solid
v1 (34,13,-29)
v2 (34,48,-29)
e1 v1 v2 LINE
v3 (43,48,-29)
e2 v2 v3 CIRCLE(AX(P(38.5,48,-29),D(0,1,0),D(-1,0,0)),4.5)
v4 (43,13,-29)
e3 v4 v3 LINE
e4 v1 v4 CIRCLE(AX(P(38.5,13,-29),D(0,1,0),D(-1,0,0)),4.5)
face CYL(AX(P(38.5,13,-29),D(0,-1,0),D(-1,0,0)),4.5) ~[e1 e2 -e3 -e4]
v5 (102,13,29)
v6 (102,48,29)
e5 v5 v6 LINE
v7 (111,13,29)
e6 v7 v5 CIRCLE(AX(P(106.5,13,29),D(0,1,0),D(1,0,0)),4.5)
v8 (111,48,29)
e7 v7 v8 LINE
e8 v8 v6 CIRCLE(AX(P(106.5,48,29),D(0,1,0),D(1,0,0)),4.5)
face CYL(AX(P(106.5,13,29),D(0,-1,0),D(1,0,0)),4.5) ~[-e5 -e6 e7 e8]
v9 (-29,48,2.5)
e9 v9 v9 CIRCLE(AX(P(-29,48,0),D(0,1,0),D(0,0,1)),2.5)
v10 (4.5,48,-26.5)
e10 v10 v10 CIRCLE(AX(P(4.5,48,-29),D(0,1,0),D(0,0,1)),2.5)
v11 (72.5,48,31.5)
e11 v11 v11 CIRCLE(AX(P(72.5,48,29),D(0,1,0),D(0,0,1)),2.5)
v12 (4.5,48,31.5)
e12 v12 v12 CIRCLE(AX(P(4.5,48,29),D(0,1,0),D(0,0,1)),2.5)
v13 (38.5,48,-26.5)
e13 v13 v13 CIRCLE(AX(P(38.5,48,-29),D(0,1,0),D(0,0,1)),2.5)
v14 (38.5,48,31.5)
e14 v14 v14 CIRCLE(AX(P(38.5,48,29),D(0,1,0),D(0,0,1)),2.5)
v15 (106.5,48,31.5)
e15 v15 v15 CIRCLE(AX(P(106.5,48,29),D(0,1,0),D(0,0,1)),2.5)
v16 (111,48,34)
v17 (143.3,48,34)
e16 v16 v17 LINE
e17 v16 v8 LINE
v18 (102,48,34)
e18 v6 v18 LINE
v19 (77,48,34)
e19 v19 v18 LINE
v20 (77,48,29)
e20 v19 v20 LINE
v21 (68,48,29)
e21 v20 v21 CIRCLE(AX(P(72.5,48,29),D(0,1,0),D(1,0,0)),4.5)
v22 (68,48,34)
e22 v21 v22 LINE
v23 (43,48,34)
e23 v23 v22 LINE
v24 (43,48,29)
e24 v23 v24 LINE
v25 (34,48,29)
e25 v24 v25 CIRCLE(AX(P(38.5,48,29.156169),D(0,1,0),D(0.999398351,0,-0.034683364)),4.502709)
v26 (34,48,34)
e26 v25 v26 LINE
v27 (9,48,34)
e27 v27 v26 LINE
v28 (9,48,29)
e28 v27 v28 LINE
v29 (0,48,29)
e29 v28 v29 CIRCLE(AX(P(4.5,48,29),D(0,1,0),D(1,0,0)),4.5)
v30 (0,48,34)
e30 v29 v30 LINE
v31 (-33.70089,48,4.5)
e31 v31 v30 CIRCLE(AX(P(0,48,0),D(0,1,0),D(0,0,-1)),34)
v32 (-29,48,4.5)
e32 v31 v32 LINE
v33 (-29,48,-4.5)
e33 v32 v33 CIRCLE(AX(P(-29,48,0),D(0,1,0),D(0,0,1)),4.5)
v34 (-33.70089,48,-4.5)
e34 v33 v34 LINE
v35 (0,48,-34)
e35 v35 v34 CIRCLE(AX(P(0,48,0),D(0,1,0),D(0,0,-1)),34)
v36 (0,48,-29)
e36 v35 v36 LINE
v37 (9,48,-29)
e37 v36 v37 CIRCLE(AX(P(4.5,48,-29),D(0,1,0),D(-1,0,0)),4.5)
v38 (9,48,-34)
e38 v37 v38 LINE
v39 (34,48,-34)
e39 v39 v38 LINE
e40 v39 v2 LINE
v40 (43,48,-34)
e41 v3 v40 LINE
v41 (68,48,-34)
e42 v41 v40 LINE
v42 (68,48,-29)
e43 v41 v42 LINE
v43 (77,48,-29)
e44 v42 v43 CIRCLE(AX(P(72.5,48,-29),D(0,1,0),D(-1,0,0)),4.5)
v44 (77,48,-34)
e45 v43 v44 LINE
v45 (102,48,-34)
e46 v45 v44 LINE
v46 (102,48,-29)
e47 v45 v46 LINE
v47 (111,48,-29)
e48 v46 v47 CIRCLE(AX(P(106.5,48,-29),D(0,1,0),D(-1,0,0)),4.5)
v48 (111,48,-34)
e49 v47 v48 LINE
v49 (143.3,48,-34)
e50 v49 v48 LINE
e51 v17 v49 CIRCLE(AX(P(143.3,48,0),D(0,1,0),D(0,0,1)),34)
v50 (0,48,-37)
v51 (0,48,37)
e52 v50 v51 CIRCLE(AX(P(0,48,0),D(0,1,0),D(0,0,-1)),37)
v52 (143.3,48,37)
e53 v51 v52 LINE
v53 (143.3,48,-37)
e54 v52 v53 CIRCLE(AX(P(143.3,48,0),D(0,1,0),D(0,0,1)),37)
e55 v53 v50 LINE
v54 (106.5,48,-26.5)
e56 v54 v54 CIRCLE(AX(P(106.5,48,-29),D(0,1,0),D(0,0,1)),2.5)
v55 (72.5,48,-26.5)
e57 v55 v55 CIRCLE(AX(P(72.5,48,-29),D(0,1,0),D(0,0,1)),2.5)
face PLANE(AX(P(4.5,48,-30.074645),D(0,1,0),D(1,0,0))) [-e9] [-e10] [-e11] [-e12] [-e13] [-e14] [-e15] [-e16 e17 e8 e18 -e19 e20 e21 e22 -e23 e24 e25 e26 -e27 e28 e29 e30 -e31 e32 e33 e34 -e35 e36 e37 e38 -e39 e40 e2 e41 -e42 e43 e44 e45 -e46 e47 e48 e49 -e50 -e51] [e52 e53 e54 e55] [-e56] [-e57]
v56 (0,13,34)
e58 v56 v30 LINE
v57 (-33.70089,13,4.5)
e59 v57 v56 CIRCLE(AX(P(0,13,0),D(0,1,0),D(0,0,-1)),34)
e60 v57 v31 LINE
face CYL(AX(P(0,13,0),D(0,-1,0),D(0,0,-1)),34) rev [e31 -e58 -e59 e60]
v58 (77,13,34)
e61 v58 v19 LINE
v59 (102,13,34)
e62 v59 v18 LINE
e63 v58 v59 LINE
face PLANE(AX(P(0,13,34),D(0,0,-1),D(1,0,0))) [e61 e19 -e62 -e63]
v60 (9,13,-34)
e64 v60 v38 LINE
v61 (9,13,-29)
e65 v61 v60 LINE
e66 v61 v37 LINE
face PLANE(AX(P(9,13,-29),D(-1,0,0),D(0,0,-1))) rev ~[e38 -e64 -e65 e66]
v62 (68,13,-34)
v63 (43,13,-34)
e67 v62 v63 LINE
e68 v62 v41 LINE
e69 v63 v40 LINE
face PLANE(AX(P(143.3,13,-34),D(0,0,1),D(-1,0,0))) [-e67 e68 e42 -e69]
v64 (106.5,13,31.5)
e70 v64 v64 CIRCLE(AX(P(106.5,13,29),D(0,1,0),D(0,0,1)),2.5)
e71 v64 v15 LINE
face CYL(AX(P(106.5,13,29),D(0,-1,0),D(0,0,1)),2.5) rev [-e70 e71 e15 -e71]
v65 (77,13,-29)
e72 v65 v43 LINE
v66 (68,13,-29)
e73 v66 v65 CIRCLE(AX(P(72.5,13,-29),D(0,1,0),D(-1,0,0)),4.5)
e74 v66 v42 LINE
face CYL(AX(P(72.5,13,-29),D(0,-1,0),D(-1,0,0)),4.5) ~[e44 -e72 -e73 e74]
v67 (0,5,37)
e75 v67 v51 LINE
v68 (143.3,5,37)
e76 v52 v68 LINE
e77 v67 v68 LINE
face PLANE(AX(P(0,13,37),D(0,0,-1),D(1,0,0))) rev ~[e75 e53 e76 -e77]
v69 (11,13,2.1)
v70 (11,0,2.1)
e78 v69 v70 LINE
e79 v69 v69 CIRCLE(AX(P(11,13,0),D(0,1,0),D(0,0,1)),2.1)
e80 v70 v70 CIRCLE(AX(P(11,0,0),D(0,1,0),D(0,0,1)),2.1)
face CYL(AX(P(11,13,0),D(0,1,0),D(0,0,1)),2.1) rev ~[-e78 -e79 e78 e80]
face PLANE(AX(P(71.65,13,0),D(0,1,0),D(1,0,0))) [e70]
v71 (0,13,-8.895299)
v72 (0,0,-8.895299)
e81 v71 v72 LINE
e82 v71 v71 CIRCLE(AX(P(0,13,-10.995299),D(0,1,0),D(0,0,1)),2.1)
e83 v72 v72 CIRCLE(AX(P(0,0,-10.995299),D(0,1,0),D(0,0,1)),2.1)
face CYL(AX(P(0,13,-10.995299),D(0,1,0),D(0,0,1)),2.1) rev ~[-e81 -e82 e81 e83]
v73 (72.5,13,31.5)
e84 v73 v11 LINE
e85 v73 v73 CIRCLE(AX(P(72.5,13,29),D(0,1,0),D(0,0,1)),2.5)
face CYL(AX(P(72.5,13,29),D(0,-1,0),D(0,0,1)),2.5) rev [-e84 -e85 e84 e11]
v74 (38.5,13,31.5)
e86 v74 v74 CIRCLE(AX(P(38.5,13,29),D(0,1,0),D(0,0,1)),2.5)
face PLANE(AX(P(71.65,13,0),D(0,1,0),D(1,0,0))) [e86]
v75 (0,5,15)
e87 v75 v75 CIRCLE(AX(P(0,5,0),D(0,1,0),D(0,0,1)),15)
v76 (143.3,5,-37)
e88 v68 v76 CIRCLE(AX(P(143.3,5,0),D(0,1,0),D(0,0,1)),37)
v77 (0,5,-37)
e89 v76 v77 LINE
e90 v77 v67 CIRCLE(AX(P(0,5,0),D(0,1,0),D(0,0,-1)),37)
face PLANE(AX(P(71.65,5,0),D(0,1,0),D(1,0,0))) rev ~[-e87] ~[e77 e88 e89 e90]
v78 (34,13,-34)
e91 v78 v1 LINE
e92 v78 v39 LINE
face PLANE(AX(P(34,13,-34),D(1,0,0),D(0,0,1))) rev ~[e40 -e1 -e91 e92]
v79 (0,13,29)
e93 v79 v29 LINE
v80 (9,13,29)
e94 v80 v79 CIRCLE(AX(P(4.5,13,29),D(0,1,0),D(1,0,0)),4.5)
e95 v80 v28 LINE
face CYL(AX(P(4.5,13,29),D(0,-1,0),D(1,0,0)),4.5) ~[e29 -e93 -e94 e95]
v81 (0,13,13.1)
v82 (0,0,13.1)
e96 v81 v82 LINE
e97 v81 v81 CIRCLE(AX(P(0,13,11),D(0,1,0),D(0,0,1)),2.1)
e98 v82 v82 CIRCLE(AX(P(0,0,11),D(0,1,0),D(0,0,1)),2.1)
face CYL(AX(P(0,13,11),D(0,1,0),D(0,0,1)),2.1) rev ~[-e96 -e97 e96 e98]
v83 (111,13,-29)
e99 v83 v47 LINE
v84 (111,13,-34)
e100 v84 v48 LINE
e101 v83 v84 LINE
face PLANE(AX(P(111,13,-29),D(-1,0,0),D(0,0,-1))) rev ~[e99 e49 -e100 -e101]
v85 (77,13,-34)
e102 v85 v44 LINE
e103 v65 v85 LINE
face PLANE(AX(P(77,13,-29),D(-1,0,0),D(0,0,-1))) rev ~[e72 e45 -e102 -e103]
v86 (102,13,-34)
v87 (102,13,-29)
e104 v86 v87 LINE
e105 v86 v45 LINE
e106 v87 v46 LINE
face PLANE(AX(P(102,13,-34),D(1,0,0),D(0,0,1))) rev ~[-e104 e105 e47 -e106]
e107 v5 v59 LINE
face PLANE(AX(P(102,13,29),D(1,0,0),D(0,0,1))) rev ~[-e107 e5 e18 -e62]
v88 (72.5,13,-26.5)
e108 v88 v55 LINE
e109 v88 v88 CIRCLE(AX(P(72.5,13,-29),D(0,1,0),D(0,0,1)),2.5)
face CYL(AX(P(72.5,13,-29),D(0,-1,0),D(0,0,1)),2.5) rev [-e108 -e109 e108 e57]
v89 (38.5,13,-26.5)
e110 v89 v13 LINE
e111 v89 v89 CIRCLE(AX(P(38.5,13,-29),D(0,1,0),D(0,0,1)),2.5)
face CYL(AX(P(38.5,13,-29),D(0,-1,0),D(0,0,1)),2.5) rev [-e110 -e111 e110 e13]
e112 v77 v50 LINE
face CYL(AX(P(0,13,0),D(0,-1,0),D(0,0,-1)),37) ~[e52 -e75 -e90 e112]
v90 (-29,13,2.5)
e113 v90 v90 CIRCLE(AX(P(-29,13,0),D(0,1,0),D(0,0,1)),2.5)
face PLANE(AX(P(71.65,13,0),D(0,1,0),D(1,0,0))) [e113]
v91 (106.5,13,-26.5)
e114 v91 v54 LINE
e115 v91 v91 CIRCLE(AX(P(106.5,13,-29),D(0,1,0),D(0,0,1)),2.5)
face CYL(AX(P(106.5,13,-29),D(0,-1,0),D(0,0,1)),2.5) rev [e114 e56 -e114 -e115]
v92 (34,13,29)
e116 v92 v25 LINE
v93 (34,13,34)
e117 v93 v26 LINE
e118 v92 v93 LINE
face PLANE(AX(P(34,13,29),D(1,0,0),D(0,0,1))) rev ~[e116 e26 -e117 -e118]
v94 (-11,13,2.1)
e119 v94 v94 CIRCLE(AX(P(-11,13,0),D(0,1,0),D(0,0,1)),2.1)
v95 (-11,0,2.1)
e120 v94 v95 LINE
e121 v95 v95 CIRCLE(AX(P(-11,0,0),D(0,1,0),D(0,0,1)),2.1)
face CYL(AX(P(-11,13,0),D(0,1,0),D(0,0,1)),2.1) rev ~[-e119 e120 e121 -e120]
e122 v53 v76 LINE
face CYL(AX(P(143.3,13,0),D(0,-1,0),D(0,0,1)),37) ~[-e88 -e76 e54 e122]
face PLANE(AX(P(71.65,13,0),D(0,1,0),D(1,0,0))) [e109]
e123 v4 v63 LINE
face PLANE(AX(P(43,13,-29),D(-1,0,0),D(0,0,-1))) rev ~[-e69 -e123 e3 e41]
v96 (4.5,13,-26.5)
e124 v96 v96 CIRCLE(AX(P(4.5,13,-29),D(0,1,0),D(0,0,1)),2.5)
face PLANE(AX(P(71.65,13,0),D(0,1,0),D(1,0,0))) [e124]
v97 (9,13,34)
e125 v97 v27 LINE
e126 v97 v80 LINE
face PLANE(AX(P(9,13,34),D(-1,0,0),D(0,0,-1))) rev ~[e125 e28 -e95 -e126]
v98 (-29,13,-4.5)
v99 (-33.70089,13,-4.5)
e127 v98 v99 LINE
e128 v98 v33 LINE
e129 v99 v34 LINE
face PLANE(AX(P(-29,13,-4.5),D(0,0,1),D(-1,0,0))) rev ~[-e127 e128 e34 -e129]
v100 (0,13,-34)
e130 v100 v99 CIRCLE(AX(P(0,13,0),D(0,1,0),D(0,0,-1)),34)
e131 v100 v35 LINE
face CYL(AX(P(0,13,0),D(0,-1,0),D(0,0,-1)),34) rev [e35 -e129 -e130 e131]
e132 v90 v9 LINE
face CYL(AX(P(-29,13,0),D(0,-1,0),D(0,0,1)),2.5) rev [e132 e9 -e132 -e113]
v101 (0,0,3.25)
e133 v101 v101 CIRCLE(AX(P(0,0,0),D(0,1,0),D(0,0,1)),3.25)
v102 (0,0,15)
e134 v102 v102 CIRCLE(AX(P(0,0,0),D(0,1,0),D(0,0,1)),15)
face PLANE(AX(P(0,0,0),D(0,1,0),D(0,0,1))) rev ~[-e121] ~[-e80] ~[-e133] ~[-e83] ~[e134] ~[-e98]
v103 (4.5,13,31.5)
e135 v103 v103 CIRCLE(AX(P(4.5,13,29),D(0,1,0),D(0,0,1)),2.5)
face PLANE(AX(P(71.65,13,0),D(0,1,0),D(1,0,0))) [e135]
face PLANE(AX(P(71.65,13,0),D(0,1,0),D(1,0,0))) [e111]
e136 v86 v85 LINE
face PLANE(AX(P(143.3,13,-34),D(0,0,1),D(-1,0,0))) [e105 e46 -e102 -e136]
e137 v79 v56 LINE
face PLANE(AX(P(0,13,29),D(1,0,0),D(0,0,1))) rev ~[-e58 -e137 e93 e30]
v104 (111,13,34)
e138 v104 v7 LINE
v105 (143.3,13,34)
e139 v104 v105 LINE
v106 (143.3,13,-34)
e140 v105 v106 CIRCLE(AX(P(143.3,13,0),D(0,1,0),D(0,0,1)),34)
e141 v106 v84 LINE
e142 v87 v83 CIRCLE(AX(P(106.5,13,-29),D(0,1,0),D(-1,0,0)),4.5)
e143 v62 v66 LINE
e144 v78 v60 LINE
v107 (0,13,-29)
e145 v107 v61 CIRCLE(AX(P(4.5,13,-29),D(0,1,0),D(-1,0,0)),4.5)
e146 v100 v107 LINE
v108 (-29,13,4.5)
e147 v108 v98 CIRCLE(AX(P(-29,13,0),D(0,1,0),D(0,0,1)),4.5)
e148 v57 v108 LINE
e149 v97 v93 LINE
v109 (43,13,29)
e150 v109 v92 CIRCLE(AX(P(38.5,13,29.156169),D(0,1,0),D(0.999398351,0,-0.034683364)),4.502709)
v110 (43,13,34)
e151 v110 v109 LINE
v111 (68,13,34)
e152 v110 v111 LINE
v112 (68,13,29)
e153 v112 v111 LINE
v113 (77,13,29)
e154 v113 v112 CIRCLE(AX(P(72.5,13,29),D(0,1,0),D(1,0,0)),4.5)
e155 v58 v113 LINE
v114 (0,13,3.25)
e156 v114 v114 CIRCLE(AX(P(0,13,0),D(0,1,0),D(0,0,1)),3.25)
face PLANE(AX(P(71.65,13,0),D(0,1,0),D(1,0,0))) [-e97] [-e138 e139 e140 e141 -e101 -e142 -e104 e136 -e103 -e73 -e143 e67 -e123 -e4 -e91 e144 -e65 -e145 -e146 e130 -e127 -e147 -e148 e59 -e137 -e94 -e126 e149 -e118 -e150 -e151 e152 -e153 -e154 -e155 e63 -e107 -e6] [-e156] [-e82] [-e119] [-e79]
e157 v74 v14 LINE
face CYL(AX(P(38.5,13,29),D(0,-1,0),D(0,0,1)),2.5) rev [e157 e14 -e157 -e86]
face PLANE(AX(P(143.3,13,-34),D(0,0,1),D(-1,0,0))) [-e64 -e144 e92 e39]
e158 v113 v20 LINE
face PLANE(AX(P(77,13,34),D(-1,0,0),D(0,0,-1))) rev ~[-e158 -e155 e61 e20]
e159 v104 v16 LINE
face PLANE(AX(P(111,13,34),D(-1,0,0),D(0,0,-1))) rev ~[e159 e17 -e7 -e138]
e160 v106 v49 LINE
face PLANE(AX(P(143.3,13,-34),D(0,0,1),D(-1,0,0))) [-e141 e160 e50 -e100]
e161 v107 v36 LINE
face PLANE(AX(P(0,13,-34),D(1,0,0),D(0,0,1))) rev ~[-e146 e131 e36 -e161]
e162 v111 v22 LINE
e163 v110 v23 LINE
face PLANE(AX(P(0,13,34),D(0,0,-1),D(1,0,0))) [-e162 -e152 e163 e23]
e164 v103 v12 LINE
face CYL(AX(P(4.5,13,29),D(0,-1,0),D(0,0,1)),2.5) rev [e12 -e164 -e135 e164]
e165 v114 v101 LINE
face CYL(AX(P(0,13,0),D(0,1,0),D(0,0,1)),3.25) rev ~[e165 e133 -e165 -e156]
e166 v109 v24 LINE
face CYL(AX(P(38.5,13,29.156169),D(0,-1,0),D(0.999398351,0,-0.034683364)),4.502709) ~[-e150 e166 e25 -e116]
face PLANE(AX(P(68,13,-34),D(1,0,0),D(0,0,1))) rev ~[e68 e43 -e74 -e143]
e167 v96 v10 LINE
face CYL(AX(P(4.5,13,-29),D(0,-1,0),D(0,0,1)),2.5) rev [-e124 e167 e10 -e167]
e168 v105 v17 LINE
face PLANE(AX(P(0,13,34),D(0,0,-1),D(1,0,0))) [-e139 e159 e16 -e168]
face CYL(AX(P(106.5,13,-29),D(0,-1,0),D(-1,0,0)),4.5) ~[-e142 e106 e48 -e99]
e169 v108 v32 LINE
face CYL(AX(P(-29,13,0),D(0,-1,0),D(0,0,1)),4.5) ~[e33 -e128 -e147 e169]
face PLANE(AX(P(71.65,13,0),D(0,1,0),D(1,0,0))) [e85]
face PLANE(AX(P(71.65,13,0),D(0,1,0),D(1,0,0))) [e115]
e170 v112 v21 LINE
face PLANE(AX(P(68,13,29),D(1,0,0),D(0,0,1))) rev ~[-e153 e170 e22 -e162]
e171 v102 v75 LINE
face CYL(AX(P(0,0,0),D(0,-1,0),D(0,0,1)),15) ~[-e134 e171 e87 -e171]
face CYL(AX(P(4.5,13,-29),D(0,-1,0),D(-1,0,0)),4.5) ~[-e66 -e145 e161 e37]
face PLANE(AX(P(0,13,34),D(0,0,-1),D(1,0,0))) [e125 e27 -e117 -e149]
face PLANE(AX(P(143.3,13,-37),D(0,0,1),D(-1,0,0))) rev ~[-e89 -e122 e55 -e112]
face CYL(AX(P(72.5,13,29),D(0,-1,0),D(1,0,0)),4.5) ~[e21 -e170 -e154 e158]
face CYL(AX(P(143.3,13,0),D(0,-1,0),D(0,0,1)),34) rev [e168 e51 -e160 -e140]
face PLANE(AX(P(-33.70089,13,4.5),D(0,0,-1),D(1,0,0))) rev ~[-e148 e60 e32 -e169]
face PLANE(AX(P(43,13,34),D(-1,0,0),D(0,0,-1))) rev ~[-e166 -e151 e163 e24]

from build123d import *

# Parameters (mm, degrees)
SKETCH1_R           = 15
BOSS_EXTRUDE1_DEPTH = 5
BOSS_EXTRUDE2_DEPTH = 8
BOSS_EXTRUDE3_DEPTH = 35
SKETCH4_R           = 2.1
SKETCH4_R_2         = 3.25
CUT_EXTRUDE1_DEPTH  = 35
SKETCH5_R           = 2.5
BOSS_EXTRUDE4_DEPTH = 35


with BuildPart() as part:
    # Sketch1 → Boss-Extrude1 (new body)
    with BuildSketch(Plane(origin=(0, 0, 0), x_dir=(1, 0, 0), z_dir=(0, 1, 0))):
        with Locations(Location((0, 0, 0), (0, 0, 270))):
            Circle(SKETCH1_R)
    extrude(amount=BOSS_EXTRUDE1_DEPTH)

    # Sketch2 → Boss-Extrude2 (add)
    with BuildSketch(Plane(origin=(0, 5, 0), x_dir=(1, 0, 0), z_dir=(0, 1, 0))):
        with BuildLine():
            Line((0, -37), (143.3, -37))
            ThreePointArc((143.3, -37), (180.3, 0), (143.3, 37))
            Line((143.3, 37), (0, 37))
            ThreePointArc((0, 37), (-37, 0), (0, -37))
        make_face()
    extrude(amount=BOSS_EXTRUDE2_DEPTH)

    # Sketch3 → Boss-Extrude3 (add)
    with BuildSketch(Plane(origin=(0, 13, 0), x_dir=(1, 0, 0), z_dir=(0, 1, 0))):
        with BuildLine():
            Line((143.3, 37), (0, 37))
            ThreePointArc((0, 37), (-37, 0), (0, -37))
            Line((0, -37), (143.3, -37))
            ThreePointArc((143.3, -37), (180.3, 0), (143.3, 37))
        make_face()
        with BuildLine():
            ThreePointArc((0, 34), (-34, 0), (0, -34))
            Line((0, -34), (143.3, -34))
            ThreePointArc((143.3, -34), (177.3, 0), (143.3, 34))
            Line((143.3, 34), (0, 34))
        make_face(mode=Mode.SUBTRACT)
    extrude(amount=BOSS_EXTRUDE3_DEPTH)

    # Sketch4 → Cut-Extrude1 (cut)
    with BuildSketch(Plane(origin=(0, 13, 0), x_dir=(1, 0, 0), z_dir=(0, 1, 0))):
        with Locations(Location((-11, 0, 0), (0, 0, 270))):
            Circle(SKETCH4_R)
        with Locations(Location((0, 0, 0), (0, 0, 270))):
            Circle(SKETCH4_R_2)
        with Locations(Location((0, 10.995299238, 0), (0, 0, 270))):
            Circle(SKETCH4_R)
        with Locations(Location((11, 0, 0), (0, 0, 270))):
            Circle(SKETCH4_R)
        with Locations(Location((0, -11, 0), (0, 0, 270))):
            Circle(SKETCH4_R)
    extrude(amount=-CUT_EXTRUDE1_DEPTH, mode=Mode.SUBTRACT)

    # Sketch5 → Boss-Extrude4 (add)
    # profile 1 of 9: a face of its own
    with BuildSketch(Plane(origin=(0, 13, 0), x_dir=(1, 0, 0), z_dir=(0, 1, 0))):
        with BuildLine():
            Line((-29, 4.5), (-33.700890196, 4.5))
            ThreePointArc((-33.700890196, 4.5), (-34, 0), (-33.700890196, -4.5))
            Line((-33.700890196, -4.5), (-29, -4.5))
            ThreePointArc((-29, -4.5), (-24.5, 0), (-29, 4.5))
        make_face()
        with Locations(Location((-29, 0, 0), (0, 0, 270))):
            Circle(SKETCH5_R, mode=Mode.SUBTRACT)
    # profile 2 of 9: a face of its own
    with BuildSketch(Plane(origin=(0, 13, 0), x_dir=(1, 0, 0), z_dir=(0, 1, 0))):
        with BuildLine():
            Line((9, 34), (0, 34))
            Line((0, 34), (0, 29))
            ThreePointArc((0, 29), (4.5, 24.5), (9, 29))
            Line((9, 29), (9, 34))
        make_face()
        with Locations(Location((4.5, 29, 0), (0, 0, 270))):
            Circle(SKETCH5_R, mode=Mode.SUBTRACT)
    # profile 3 of 9: a face of its own
    with BuildSketch(Plane(origin=(0, 13, 0), x_dir=(1, 0, 0), z_dir=(0, 1, 0))):
        with BuildLine():
            Line((43, 34), (34, 34))
            Line((34, 34), (34, 29))
            ThreePointArc((34, 29), (38.5, 24.5), (43, 29))
            Line((43, 29), (43, 34))
        make_face()
        with Locations(Location((38.5, 29, 0), (0, 0, 270))):
            Circle(SKETCH5_R, mode=Mode.SUBTRACT)
    # profile 4 of 9: a face of its own
    with BuildSketch(Plane(origin=(0, 13, 0), x_dir=(1, 0, 0), z_dir=(0, 1, 0))):
        with BuildLine():
            Line((77, 34), (68, 34))
            Line((68, 34), (68, 29))
            ThreePointArc((68, 29), (72.5, 24.5), (77, 29))
            Line((77, 29), (77, 34))
        make_face()
        with Locations(Location((72.5, 29, 0), (0, 0, 270))):
            Circle(SKETCH5_R, mode=Mode.SUBTRACT)
    # profile 5 of 9: a face of its own
    with BuildSketch(Plane(origin=(0, 13, 0), x_dir=(1, 0, 0), z_dir=(0, 1, 0))):
        with BuildLine():
            Line((68, -29), (68, -34))
            Line((68, -34), (77, -34))
            Line((77, -34), (77, -29))
            ThreePointArc((77, -29), (72.5, -24.5), (68, -29))
        make_face()
        with Locations(Location((72.5, -29, 0), (0, 0, 270))):
            Circle(SKETCH5_R, mode=Mode.SUBTRACT)
    # profile 6 of 9: a face of its own
    with BuildSketch(Plane(origin=(0, 13, 0), x_dir=(1, 0, 0), z_dir=(0, 1, 0))):
        with BuildLine():
            Line((34, -29), (34, -34))
            Line((34, -34), (43, -34))
            Line((43, -34), (43, -29))
            ThreePointArc((43, -29), (38.5, -24.653460046), (34, -29))
        make_face()
        with Locations(Location((38.5, -29, 0), (0, 0, 270))):
            Circle(SKETCH5_R, mode=Mode.SUBTRACT)
    # profile 7 of 9: a face of its own
    with BuildSketch(Plane(origin=(0, 13, 0), x_dir=(1, 0, 0), z_dir=(0, 1, 0))):
        with BuildLine():
            Line((0, -29), (0, -34))
            Line((0, -34), (9, -34))
            Line((9, -34), (9, -29))
            ThreePointArc((9, -29), (4.5, -24.5), (0, -29))
        make_face()
        with Locations(Location((4.5, -29, 0), (0, 0, 270))):
            Circle(SKETCH5_R, mode=Mode.SUBTRACT)
    # profile 8 of 9: a face of its own
    with BuildSketch(Plane(origin=(0, 13, 0), x_dir=(1, 0, 0), z_dir=(0, 1, 0))):
        with BuildLine():
            Line((111, 34), (102, 34))
            Line((102, 34), (102, 29))
            ThreePointArc((102, 29), (106.5, 24.5), (111, 29))
            Line((111, 29), (111, 34))
        make_face()
        with Locations(Location((106.5, 29, 0), (0, 0, 270))):
            Circle(SKETCH5_R, mode=Mode.SUBTRACT)
    # profile 9 of 9: a face of its own
    with BuildSketch(Plane(origin=(0, 13, 0), x_dir=(1, 0, 0), z_dir=(0, 1, 0))):
        with BuildLine():
            Line((102, -29), (102, -34))
            Line((102, -34), (111, -34))
            Line((111, -34), (111, -29))
            ThreePointArc((111, -29), (106.5, -24.5), (102, -29))
        make_face()
        with Locations(Location((106.5, -29, 0), (0, 0, 270))):
            Circle(SKETCH5_R, mode=Mode.SUBTRACT)
    extrude(amount=BOSS_EXTRUDE4_DEPTH)


solid = part.part
